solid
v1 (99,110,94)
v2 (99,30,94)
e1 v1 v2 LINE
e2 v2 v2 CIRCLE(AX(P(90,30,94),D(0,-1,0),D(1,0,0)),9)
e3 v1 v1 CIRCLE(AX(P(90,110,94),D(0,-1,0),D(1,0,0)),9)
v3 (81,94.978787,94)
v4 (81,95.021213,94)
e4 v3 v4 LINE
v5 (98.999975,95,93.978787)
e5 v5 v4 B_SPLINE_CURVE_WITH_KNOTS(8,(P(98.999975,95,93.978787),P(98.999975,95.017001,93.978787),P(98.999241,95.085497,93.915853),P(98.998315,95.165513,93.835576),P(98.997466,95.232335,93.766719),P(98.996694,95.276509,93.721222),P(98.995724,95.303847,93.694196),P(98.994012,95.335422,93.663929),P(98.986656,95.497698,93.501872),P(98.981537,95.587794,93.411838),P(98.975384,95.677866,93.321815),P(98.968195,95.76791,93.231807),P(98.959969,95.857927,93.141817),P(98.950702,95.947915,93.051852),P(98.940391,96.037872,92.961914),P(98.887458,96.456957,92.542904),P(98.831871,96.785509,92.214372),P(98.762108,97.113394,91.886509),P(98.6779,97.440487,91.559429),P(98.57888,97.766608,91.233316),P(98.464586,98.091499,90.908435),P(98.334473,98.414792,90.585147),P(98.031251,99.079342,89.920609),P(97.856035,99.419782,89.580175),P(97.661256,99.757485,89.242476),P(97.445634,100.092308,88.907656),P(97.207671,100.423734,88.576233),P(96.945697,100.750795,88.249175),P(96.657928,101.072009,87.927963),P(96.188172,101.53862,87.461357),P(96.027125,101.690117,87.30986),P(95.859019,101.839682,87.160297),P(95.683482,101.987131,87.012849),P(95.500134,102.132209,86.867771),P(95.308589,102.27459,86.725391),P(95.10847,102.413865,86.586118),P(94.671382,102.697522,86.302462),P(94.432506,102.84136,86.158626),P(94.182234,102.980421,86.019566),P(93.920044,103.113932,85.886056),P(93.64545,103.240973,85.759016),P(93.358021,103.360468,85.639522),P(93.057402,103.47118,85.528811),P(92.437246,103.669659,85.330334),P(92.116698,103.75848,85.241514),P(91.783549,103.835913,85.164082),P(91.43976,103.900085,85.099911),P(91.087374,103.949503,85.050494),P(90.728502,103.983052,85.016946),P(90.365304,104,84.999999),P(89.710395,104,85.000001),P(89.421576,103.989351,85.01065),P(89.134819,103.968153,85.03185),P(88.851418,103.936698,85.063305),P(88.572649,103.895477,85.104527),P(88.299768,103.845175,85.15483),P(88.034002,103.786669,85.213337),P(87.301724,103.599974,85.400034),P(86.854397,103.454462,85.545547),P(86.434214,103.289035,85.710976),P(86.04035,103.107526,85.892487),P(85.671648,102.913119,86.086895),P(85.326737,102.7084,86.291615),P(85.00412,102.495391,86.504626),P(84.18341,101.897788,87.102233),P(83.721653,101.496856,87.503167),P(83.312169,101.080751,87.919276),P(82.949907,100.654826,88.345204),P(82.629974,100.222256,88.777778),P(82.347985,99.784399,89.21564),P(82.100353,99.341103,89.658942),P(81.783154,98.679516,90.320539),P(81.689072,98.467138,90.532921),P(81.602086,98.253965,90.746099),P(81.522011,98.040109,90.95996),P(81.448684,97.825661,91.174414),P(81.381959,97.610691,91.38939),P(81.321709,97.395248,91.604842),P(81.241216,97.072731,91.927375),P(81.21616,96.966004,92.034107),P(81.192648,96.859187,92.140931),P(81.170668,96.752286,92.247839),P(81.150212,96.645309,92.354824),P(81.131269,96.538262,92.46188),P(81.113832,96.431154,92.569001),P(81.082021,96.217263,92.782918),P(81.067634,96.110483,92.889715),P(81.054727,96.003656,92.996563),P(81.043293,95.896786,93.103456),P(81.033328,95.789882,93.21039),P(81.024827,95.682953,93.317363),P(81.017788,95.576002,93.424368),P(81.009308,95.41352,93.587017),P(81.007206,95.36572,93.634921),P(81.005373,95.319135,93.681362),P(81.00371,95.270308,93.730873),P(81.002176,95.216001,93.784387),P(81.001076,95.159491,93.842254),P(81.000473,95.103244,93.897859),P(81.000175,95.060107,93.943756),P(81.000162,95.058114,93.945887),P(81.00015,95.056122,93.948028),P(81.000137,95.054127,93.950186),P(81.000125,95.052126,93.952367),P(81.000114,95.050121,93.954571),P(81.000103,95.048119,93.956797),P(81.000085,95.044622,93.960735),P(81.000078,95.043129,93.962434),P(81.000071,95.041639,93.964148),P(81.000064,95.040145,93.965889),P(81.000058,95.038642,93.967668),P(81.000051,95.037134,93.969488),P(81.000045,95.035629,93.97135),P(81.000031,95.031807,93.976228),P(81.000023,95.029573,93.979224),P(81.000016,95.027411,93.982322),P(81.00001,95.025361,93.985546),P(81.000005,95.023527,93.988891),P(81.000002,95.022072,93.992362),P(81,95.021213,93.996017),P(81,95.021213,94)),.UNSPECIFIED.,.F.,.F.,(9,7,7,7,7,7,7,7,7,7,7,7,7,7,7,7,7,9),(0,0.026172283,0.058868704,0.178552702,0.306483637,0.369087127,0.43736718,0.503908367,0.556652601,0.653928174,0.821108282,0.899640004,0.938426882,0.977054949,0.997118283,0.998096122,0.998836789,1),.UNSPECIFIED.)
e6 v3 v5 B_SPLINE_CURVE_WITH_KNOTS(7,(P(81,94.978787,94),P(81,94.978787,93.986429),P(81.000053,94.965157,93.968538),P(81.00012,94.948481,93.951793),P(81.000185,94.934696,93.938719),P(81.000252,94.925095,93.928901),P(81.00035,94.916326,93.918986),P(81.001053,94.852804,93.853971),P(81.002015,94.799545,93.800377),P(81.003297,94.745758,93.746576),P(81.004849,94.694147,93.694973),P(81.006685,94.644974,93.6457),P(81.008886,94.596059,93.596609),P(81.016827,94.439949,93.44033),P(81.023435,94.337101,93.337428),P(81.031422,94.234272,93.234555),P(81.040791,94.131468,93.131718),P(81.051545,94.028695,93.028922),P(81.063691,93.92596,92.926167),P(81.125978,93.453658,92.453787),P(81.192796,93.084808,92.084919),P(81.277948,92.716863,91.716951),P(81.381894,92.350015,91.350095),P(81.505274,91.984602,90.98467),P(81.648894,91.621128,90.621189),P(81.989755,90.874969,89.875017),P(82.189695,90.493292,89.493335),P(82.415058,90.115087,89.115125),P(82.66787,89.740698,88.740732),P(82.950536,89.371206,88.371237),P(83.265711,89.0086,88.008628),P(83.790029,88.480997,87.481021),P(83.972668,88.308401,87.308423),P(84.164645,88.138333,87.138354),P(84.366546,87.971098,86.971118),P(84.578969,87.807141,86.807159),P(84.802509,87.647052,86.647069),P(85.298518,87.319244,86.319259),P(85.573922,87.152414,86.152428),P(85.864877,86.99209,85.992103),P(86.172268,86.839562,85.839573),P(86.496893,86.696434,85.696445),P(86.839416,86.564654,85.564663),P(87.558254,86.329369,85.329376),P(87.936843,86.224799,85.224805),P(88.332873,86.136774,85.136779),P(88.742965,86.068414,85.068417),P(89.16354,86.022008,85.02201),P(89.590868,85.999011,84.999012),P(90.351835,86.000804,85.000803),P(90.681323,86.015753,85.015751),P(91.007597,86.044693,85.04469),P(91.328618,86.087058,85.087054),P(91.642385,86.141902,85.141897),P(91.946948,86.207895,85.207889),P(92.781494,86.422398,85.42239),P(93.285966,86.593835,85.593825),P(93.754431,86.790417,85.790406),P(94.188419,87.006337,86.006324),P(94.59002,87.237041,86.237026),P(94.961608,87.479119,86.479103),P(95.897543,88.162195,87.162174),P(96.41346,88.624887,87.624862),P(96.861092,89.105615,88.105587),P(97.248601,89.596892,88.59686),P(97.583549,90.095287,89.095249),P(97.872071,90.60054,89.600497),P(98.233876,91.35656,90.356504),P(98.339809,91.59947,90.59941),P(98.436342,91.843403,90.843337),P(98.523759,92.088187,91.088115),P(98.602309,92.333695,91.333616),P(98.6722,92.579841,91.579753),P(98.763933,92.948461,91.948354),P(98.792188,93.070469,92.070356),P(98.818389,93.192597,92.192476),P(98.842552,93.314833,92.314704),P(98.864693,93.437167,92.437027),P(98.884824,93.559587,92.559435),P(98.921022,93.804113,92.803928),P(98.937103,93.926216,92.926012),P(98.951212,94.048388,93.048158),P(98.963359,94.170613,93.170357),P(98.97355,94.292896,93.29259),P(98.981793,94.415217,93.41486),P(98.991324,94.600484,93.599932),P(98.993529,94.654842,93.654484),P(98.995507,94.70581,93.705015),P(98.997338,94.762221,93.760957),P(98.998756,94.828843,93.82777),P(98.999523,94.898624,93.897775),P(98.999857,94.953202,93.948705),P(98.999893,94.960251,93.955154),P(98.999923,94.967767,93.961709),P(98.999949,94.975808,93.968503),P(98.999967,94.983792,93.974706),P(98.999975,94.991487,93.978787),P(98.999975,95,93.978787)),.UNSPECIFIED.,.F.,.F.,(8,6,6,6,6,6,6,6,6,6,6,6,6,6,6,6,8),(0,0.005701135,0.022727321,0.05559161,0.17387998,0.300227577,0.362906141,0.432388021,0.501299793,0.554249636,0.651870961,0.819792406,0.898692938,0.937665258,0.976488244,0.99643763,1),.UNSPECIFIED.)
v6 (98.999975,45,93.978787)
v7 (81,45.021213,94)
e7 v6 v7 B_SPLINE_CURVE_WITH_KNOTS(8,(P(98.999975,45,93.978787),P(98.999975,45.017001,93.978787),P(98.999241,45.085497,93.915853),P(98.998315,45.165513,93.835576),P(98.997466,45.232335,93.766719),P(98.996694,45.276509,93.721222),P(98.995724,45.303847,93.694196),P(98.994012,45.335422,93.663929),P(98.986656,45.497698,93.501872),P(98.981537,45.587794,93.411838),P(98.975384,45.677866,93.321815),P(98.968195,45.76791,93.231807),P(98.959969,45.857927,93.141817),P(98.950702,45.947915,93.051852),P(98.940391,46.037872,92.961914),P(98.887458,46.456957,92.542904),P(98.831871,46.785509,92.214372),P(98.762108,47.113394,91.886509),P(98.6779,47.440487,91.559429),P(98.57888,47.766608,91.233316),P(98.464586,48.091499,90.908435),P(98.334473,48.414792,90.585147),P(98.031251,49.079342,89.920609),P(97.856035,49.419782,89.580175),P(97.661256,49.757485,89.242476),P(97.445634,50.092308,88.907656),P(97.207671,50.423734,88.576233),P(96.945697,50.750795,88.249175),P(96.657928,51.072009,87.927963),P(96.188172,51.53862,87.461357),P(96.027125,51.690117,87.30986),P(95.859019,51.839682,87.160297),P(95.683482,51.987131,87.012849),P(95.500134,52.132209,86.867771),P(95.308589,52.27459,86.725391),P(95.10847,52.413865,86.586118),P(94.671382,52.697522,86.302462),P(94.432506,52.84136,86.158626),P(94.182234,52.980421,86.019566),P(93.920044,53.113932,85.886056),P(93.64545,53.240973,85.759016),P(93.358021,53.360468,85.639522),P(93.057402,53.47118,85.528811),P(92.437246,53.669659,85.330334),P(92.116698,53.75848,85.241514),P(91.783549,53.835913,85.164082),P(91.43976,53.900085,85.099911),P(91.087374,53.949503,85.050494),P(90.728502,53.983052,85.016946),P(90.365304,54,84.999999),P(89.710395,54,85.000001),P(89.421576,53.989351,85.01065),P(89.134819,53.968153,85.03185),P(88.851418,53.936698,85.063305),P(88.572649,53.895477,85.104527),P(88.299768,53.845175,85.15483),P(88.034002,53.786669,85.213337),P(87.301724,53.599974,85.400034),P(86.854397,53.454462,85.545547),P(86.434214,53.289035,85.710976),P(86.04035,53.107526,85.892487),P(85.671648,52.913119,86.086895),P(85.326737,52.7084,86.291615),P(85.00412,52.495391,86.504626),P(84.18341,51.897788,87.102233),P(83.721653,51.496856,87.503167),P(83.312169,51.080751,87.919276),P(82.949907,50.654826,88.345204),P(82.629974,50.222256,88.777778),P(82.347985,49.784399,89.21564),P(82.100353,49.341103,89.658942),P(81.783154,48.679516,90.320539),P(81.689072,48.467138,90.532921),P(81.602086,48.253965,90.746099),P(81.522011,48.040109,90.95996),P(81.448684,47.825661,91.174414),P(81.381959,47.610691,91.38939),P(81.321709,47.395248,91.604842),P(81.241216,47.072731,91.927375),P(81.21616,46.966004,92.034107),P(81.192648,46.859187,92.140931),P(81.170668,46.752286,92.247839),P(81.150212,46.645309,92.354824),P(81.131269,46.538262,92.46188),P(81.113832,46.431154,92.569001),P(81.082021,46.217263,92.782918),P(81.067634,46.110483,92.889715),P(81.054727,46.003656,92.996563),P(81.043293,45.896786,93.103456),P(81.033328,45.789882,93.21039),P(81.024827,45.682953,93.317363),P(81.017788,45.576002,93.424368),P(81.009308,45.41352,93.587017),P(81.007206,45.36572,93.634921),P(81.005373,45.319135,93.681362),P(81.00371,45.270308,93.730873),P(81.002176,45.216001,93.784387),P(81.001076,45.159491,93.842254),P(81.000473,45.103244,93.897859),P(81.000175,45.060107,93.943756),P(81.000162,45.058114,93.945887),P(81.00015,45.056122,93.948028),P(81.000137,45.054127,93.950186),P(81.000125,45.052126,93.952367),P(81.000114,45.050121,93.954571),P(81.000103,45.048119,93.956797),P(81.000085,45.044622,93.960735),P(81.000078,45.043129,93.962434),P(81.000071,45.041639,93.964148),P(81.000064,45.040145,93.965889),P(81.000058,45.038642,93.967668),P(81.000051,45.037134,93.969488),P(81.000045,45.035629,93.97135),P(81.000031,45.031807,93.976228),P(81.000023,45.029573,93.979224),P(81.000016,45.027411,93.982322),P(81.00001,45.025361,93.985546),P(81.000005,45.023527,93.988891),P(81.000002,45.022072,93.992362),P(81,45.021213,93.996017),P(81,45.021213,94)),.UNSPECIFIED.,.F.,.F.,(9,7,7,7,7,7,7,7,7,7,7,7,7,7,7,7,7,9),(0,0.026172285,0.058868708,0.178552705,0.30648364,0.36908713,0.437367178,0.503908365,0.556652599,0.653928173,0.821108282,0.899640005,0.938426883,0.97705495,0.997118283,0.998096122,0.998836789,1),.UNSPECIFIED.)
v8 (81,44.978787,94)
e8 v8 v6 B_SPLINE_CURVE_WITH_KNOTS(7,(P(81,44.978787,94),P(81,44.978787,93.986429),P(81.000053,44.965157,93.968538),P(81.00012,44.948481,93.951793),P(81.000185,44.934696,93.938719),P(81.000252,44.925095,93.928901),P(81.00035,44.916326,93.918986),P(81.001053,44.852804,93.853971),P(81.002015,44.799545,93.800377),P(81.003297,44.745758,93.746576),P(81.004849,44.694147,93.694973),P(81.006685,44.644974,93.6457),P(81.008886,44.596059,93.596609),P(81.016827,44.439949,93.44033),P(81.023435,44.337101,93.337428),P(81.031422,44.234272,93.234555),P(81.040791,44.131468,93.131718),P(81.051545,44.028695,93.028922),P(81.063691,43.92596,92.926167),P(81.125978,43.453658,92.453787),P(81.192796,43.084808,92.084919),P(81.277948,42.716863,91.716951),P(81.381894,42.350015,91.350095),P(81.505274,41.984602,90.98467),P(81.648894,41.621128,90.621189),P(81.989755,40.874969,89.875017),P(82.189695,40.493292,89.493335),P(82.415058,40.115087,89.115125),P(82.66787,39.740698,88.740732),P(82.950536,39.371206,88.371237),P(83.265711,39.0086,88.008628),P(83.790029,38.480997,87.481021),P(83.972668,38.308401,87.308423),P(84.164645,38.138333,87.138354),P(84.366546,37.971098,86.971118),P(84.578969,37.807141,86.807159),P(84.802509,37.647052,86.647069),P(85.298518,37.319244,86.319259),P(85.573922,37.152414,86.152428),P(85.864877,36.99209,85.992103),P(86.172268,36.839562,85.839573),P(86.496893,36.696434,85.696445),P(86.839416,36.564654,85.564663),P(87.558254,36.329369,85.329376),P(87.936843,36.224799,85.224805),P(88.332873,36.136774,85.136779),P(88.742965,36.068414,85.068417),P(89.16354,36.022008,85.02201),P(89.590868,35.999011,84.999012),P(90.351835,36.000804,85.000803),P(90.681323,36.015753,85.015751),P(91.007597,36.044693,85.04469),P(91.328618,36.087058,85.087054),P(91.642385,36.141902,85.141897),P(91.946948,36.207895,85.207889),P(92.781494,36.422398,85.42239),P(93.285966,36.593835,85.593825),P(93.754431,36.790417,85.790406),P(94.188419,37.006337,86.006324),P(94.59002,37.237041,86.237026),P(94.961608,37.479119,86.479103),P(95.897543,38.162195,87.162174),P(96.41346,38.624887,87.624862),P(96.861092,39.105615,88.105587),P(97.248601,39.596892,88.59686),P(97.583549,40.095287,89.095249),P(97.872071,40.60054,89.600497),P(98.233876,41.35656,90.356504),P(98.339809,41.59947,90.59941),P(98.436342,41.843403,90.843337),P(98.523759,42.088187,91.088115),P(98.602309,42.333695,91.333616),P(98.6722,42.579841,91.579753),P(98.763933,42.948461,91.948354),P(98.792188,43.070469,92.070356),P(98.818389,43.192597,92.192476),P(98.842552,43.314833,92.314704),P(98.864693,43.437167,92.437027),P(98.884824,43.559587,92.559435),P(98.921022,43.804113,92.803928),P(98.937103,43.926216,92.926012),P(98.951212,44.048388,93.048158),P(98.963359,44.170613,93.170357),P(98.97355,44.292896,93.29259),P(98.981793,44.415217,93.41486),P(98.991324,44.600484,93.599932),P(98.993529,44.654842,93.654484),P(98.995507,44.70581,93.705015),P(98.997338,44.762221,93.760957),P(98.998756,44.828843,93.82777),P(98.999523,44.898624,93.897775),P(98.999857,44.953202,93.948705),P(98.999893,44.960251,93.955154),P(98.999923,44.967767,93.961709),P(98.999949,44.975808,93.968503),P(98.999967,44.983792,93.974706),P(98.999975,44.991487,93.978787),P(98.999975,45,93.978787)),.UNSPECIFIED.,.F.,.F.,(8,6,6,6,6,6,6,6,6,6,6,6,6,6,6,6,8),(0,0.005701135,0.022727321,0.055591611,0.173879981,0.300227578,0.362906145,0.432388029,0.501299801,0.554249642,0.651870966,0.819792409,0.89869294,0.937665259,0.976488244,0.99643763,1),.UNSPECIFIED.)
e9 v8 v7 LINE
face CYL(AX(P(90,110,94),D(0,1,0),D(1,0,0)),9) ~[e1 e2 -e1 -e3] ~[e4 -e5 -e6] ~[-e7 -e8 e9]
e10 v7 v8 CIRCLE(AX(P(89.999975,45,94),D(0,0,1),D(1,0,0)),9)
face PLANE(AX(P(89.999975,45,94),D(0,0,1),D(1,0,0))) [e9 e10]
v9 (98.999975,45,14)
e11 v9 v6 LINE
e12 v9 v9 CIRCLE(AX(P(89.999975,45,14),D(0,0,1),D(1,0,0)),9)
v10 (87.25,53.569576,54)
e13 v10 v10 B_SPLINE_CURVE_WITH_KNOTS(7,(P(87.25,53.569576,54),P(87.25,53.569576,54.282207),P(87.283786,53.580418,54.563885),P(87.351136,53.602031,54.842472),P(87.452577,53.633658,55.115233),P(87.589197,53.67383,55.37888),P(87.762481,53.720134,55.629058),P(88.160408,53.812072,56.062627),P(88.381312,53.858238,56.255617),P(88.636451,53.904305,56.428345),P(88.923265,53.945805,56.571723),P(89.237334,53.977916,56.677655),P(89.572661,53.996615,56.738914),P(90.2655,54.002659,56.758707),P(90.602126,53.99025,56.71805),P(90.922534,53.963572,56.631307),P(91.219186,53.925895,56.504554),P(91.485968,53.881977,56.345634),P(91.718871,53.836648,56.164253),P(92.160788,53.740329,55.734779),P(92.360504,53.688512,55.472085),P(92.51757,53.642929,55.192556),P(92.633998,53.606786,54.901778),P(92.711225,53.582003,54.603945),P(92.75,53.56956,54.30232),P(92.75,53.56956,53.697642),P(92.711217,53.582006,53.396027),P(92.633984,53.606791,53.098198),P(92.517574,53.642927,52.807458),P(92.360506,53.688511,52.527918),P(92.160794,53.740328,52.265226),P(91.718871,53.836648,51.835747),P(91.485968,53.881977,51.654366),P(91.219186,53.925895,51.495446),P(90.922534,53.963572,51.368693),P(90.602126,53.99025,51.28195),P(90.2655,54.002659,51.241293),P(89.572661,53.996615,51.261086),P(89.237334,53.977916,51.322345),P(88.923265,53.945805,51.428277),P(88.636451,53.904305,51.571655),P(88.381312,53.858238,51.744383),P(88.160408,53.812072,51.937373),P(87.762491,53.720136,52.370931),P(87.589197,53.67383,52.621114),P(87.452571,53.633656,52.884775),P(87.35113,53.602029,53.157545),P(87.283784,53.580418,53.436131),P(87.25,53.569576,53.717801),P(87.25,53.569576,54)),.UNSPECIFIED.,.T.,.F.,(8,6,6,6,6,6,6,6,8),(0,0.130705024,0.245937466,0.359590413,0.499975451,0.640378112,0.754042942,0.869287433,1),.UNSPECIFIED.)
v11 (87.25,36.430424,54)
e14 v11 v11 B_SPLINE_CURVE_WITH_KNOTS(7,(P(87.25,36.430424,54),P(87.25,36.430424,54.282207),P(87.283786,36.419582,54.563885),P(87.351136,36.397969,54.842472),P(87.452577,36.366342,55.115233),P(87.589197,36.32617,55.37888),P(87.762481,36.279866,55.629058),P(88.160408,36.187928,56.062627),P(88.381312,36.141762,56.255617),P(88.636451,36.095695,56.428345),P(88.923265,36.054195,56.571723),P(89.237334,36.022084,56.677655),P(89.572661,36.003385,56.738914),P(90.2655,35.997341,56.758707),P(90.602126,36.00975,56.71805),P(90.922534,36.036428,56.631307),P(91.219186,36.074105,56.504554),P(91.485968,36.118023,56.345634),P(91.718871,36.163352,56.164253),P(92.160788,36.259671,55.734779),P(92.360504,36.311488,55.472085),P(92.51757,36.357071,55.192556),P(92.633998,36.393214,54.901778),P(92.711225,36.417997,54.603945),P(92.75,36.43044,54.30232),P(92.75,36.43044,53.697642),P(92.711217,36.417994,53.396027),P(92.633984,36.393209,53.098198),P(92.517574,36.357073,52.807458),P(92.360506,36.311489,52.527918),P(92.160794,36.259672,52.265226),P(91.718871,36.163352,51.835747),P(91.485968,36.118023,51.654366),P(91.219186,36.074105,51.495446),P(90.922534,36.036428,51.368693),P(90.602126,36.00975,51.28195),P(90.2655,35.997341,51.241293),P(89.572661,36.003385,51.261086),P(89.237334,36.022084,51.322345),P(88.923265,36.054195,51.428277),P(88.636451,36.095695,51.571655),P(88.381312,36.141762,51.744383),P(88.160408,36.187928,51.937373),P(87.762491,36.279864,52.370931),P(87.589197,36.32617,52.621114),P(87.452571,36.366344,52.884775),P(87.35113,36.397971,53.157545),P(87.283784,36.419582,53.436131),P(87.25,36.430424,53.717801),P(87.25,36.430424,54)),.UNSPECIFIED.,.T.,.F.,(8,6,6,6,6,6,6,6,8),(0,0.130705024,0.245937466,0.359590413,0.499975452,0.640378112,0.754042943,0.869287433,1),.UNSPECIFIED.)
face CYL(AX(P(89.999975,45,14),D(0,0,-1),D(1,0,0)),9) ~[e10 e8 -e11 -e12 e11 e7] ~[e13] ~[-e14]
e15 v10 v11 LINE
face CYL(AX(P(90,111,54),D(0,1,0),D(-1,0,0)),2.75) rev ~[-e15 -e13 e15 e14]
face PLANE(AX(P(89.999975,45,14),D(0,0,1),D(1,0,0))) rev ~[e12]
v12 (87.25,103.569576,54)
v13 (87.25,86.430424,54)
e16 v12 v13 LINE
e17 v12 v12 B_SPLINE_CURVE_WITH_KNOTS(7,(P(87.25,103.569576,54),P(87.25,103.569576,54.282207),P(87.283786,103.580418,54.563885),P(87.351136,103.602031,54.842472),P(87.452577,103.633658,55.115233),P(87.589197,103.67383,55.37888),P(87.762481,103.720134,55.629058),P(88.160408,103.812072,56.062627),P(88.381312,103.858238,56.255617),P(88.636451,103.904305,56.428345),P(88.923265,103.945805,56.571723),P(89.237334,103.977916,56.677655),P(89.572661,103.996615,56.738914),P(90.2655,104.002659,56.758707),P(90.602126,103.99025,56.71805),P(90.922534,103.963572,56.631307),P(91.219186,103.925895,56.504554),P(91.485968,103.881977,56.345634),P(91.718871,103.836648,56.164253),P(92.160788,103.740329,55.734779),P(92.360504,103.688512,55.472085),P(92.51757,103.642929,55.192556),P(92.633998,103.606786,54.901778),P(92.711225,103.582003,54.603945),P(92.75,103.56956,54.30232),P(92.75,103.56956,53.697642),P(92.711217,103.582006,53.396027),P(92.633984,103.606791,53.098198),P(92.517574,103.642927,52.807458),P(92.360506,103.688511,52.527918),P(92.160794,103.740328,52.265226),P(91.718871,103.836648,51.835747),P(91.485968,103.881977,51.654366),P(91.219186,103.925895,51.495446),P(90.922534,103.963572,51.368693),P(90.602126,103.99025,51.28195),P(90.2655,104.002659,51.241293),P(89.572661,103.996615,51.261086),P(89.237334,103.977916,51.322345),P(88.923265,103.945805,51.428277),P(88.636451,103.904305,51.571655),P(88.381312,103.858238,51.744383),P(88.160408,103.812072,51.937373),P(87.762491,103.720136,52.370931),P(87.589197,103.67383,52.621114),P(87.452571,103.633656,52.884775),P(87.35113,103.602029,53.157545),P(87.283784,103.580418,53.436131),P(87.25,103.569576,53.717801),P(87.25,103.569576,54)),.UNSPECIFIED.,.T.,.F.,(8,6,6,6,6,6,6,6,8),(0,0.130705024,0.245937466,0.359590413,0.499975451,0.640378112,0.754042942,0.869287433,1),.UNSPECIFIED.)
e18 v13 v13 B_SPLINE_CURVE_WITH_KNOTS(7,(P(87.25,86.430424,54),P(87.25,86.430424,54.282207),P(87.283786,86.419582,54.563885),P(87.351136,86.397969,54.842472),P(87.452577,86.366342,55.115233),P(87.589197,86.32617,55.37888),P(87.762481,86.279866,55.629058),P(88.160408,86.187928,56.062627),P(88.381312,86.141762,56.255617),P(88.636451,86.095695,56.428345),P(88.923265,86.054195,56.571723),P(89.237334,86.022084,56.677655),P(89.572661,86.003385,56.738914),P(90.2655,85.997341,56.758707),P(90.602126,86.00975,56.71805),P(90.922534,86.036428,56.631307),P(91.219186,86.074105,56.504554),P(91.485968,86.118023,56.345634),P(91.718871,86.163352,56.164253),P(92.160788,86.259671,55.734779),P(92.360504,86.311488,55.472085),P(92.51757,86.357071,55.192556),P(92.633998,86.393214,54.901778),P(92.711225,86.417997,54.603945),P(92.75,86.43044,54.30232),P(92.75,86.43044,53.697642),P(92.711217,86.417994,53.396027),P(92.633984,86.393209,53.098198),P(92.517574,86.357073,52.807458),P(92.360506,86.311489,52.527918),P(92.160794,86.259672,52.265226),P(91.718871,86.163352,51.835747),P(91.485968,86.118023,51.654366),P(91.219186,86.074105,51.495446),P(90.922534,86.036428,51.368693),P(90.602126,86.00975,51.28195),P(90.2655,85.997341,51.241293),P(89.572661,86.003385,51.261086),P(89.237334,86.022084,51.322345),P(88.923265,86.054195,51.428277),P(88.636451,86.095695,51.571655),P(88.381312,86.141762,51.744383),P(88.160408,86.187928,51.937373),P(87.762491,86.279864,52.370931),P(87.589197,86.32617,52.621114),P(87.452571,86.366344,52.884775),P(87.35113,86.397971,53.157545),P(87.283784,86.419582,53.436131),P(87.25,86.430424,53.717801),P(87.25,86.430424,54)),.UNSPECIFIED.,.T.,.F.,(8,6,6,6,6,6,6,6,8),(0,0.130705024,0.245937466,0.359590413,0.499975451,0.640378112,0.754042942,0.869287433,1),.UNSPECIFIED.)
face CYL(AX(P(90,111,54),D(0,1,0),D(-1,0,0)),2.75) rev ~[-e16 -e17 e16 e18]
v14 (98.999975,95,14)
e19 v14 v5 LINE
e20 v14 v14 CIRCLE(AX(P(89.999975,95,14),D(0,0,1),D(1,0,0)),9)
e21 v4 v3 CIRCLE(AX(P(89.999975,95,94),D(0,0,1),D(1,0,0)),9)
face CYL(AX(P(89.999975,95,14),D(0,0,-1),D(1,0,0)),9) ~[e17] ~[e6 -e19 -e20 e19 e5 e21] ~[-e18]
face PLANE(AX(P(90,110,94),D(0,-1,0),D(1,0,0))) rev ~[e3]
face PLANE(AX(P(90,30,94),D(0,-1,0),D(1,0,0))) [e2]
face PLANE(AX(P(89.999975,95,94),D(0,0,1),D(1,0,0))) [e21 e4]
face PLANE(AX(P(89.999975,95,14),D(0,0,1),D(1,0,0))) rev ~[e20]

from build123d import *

# Parameters (mm, degrees)
SKETCH005_AS_DRAWN_R                                = 2.75
EXTRUDE_SKETCH005001_DEPTH                          = 90
EXTRUDE_SKETCH005001_ONTO_SKETCH005_ROLL_ANGLE      = 90
EXTRUDE_SKETCH005001_ONTO_SKETCH005_PLACEMENT_ANGLE = 180
CYLINDER_R                                          = 9
CYLINDER_DEPTH                                      = 80
CYLINDER001_R                                       = 9
CYLINDER001_DEPTH                                   = 80
CYLINDER001_ROLL_ANGLE                              = 90


with BuildPart() as clone_of_sketch005_extrude001:
    # Sketch005 as drawn → Extrude_Sketch005001 (new)
    with BuildSketch(Plane.XY):
        with Locations((-90, 54)):
            Circle(SKETCH005_AS_DRAWN_R)
    extrude(amount=-EXTRUDE_SKETCH005001_DEPTH)


with BuildPart() as clone_of_sketch005_extrude001_1:
    # Extrude_Sketch005001 onto Sketch005 roll: moved
    add(clone_of_sketch005_extrude001.part.rotate(Axis((0, 0, 0), (1, 0, 0)), EXTRUDE_SKETCH005001_ONTO_SKETCH005_ROLL_ANGLE))


with BuildPart() as clone_of_sketch005_extrude001_2:
    # Extrude_Sketch005001 onto Sketch005 placement: moved
    add(clone_of_sketch005_extrude001_1.part.moved(Location((0, 111, 0))).rotate(Axis((0, 111, 0), (0, 0, 1)), EXTRUDE_SKETCH005001_ONTO_SKETCH005_PLACEMENT_ANGLE))


with BuildPart() as cilindro:
    # Cylinder → Cylinder (new body)
    with BuildSketch(Plane(origin=(76.968275, 45, 32), x_dir=(1, 0, 0), z_dir=(0, 0, 1))):
        Circle(CYLINDER_R)
    extrude(amount=CYLINDER_DEPTH)


with BuildPart() as clone_of_cilindro:
    # Clone003 base: copy of Cilindro
    add(cilindro.part)


with BuildPart() as clone_of_cilindro_1:
    # Clone003 placement: moved
    add(clone_of_cilindro.part.moved(Location((0, 50, 0))))


with BuildPart() as cut003:
    # Cylinder001 → Cylinder001 (new body)
    with BuildSketch(Plane.XY):
        Circle(CYLINDER001_R)
    extrude(amount=CYLINDER001_DEPTH)


with BuildPart() as cut003_1:
    # Cylinder001 roll: moved
    add(cut003.part.rotate(Axis((0, 0, 0), (1, 0, 0)), CYLINDER001_ROLL_ANGLE))


with BuildPart() as cut003_2:
    # Cylinder001 placement: moved
    add(cut003_1.part.moved(Location((76.9683, 110, 112))))

    # Fusion: union Clone of Cilindro, Cilindro
    add(clone_of_cilindro_1.part)
    add(cilindro.part)


with BuildPart() as cut003_3:
    # Fusion placement: moved
    add(cut003_2.part.moved(Location((13.0317, 0, -18))))

    # Cut003: cut Clone of Sketch005_Extrude001
    add(clone_of_sketch005_extrude001_2.part, mode=Mode.SUBTRACT)


solid = cut003_3.part
